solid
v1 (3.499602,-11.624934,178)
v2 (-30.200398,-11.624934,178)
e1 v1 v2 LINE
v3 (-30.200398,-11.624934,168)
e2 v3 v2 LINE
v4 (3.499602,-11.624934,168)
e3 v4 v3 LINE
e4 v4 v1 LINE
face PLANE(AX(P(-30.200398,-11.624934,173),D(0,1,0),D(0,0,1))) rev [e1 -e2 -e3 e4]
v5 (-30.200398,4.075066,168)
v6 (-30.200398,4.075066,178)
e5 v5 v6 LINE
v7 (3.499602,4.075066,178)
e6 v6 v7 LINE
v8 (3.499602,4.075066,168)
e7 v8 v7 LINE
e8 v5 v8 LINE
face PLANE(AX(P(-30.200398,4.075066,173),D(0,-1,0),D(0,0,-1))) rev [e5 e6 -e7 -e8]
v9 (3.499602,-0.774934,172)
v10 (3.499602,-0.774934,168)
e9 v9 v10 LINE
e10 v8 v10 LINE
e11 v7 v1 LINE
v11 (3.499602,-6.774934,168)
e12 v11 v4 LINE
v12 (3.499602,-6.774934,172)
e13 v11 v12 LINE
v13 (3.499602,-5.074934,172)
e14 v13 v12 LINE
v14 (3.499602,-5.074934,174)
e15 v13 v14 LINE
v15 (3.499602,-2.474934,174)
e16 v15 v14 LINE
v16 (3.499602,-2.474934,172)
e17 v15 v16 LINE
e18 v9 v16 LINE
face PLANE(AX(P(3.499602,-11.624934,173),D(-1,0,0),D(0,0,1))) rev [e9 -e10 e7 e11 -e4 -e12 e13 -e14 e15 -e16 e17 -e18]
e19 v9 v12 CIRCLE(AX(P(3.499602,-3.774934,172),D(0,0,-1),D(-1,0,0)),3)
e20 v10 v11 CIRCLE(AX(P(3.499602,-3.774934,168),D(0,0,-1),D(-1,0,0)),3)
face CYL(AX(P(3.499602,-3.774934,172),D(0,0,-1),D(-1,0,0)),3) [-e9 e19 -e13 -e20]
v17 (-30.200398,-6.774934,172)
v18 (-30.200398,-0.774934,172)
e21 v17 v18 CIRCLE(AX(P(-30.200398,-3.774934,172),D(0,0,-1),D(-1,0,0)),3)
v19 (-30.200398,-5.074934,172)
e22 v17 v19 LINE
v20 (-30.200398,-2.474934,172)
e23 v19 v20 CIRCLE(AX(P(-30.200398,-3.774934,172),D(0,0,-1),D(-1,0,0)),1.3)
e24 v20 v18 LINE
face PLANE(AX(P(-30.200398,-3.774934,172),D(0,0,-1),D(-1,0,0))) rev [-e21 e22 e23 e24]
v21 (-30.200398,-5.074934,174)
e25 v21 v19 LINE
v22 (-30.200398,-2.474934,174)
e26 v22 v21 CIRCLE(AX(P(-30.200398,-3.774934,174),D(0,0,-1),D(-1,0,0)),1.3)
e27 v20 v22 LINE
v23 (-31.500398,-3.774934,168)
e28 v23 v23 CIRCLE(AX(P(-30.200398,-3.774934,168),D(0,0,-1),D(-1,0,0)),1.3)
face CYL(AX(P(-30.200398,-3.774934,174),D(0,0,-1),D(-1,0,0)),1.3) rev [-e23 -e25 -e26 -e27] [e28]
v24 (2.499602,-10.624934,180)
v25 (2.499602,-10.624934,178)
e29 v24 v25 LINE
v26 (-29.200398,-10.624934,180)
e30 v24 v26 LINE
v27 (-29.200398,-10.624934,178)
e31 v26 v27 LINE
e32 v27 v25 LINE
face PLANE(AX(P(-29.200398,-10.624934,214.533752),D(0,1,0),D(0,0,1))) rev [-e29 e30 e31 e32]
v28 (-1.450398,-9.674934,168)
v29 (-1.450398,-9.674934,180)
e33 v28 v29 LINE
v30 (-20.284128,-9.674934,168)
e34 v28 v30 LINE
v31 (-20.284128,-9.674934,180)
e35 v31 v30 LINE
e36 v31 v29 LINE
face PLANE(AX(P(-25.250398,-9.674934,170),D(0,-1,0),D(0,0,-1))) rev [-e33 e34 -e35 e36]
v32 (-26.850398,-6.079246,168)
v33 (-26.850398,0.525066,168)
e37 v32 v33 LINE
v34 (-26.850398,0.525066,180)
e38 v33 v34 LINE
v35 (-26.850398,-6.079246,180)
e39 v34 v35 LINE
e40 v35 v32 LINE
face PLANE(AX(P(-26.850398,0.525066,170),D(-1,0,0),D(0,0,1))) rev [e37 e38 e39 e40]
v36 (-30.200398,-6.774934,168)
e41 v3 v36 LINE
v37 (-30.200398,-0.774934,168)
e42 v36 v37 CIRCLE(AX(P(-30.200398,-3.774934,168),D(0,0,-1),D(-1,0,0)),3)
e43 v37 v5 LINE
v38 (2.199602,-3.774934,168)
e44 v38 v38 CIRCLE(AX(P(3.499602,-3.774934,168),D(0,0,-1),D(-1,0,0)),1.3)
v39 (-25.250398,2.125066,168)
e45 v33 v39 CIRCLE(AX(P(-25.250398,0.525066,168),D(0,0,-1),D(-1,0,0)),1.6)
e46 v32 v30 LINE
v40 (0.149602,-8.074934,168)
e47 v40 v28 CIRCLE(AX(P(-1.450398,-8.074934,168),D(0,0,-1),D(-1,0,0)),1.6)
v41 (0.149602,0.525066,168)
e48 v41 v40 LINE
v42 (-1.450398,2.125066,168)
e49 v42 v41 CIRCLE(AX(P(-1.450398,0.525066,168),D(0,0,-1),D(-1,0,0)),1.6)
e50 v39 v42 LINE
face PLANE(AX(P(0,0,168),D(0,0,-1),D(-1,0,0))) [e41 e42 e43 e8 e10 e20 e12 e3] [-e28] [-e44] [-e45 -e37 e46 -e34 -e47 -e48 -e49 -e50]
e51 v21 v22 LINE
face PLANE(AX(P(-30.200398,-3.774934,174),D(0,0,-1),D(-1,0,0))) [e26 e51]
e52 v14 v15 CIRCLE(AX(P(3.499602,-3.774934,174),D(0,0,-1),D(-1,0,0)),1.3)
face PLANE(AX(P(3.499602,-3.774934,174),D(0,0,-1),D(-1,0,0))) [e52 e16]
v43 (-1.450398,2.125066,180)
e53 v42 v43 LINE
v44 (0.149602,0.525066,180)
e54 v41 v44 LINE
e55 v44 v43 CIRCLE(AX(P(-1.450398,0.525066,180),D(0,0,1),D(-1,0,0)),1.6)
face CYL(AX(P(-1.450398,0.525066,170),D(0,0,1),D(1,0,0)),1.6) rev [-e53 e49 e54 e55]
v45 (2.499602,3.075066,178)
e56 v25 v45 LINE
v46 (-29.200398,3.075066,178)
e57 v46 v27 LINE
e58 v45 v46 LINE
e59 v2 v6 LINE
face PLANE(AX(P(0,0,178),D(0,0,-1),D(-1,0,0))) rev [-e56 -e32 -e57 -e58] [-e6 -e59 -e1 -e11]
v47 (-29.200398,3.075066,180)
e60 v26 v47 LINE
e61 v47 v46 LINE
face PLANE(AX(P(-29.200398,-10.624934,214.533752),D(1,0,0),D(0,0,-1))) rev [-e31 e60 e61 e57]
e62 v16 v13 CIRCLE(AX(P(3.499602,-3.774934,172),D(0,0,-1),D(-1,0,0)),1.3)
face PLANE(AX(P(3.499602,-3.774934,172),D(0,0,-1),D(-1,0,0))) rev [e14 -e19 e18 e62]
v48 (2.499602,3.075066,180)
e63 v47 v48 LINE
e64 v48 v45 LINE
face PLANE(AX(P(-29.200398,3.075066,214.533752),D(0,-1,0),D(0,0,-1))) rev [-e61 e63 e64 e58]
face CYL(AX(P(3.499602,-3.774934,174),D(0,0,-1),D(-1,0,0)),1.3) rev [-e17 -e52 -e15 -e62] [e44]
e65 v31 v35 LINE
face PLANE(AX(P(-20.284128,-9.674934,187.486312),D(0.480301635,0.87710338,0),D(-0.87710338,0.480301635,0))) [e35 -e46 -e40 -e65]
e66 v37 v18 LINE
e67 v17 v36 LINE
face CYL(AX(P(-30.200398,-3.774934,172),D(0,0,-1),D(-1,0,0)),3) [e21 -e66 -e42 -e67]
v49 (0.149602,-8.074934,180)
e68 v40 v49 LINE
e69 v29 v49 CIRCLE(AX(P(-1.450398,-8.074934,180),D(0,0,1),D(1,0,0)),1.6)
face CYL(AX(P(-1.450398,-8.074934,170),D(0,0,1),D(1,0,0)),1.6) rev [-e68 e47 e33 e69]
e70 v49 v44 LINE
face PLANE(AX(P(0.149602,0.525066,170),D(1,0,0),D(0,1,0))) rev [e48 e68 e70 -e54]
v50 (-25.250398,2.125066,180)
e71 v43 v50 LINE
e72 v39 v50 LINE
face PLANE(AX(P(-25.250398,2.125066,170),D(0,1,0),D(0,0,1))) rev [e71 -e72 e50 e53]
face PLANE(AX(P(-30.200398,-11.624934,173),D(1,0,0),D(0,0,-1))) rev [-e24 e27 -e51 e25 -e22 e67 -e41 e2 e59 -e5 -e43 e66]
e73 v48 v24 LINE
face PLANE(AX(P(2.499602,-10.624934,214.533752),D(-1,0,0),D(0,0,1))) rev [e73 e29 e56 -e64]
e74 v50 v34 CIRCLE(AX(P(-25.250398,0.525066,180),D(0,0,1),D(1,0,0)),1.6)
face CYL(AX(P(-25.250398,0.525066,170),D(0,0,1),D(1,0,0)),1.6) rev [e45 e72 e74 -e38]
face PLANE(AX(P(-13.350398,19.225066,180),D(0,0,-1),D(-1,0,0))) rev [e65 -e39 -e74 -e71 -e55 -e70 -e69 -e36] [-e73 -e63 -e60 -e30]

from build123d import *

# Parameters (mm, degrees)
CROQUIS1_W              = 33.7
CROQUIS1_H              = 15.7
SALIENTE_EXTRUIR1_DEPTH = 5
CROQUIS2_W              = 31.7
CROQUIS2_H              = 13.7
SALIENTE_EXTRUIR2_DEPTH = 2
CORTAR_EXTRUIR1_DEPTH   = 10
CROQUIS4_W              = 33.7
CROQUIS4_H              = 15.7
SALIENTE_EXTRUIR3_DEPTH = 5
CROQUIS6_R              = 3
SALIENTE_EXTRUIR5_DEPTH = 4
SALIENTE_EXTRUIR6_DEPTH = 12
CROQUIS8_R              = 1.3
CORTAR_EXTRUIR2_DEPTH   = 6


with BuildPart() as part:
    # Croquis1 → Saliente-Extruir1 (new body)
    with BuildSketch(Plane(origin=(0, 0, 178), x_dir=(-1, 0, 0), z_dir=(0, 0, -1))):
        with Locations((13.350397628, -3.774933729)):
            Rectangle(CROQUIS1_W, CROQUIS1_H)
    extrude(amount=SALIENTE_EXTRUIR1_DEPTH)

    # Croquis2 → Saliente-Extruir2 (add)
    with BuildSketch(Plane.XY.offset(178)):
        with Locations((-13.350397628, -3.774933729)):
            Rectangle(CROQUIS2_W, CROQUIS2_H)
    extrude(amount=SALIENTE_EXTRUIR2_DEPTH)

    # Croquis3 → Cortar-Extruir1 (cut)
    with BuildSketch(Plane.XY.offset(180)):
        with BuildLine():
            Line((-25.250397628, 2.125066271), (-1.450397628, 2.125066271))
            ThreePointArc((-1.450397628, 2.125066271), (-0.319026778, 1.656437121), (0.149602372, 0.525066271))
            Line((0.149602372, 0.525066271), (0.149602372, -8.074933729))
            ThreePointArc((0.149602372, -8.074933729), (-0.319026778, -9.206304579), (-1.450397628, -9.674933729))
            Line((-1.450397628, -9.674933729), (-25.250397628, -9.674933729))
            ThreePointArc((-25.250397628, -9.674933729), (-26.381768478, -9.206304579), (-26.850397628, -8.074933729))
            Line((-26.850397628, -8.074933729), (-26.850397628, 0.525066271))
            ThreePointArc((-26.850397628, 0.525066271), (-26.381768478, 1.656437121), (-25.250397628, 2.125066271))
        make_face()
    extrude(amount=-CORTAR_EXTRUIR1_DEPTH, mode=Mode.SUBTRACT)

    # Croquis4 → Saliente-Extruir3 (add)
    with BuildSketch(Plane(origin=(0, 0, 173), x_dir=(-1, 0, 0), z_dir=(0, 0, -1))):
        with Locations((13.350397628, -3.774933729)):
            Rectangle(CROQUIS4_W, CROQUIS4_H)
        with BuildLine():
            Line((1.450397628, -9.674933729), (25.250397628, -9.674933729))
            ThreePointArc((25.250397628, -9.674933729), (26.381768478, -9.206304579), (26.850397628, -8.074933729))
            Line((26.850397628, -8.074933729), (26.850397628, 0.525066271))
            ThreePointArc((26.850397628, 0.525066271), (26.381768478, 1.656437121), (25.250397628, 2.125066271))
            Line((25.250397628, 2.125066271), (1.450397628, 2.125066271))
            ThreePointArc((1.450397628, 2.125066271), (0.319026778, 1.656437121), (-0.149602372, 0.525066271))
            Line((-0.149602372, 0.525066271), (-0.149602372, -8.074933729))
            ThreePointArc((-0.149602372, -8.074933729), (0.319026778, -9.206304579), (1.450397628, -9.674933729))
        make_face(mode=Mode.SUBTRACT)
    extrude(amount=SALIENTE_EXTRUIR3_DEPTH)

    # Croquis6 → Saliente-Extruir5 (add)
    with BuildSketch(Plane(origin=(0, 0, 168), x_dir=(-1, 0, 0), z_dir=(0, 0, -1))):
        with Locations((-3.499602372, -3.774933729)):
            Circle(CROQUIS6_R)
        with Locations((30.200397628, -3.774933729)):
            Circle(CROQUIS6_R)
    extrude(amount=-SALIENTE_EXTRUIR5_DEPTH)

    # Croquis7 → Saliente-Extruir6 (add)
    with BuildSketch(Plane(origin=(0, 0, 168), x_dir=(-1, 0, 0), z_dir=(0, 0, -1))):
        with BuildLine():
            Line((20.284128272, -9.674933729), (26.850397628, -6.079245942))
            Line((26.850397628, -6.079245942), (26.850397628, -8.074933729))
            ThreePointArc((26.850397628, -8.074933729), (26.381768478, -9.206304579), (25.250397628, -9.674933729))
            Line((25.250397628, -9.674933729), (20.284128272, -9.674933729))
        make_face()
    extrude(amount=-SALIENTE_EXTRUIR6_DEPTH)

    # Croquis8 → Cortar-Extruir2 (cut)
    with BuildSketch(Plane(origin=(0, 0, 168), x_dir=(-1, 0, 0), z_dir=(0, 0, -1))):
        with Locations((-3.499602372, -3.774933729)):
            Circle(CROQUIS8_R)
        with Locations((30.200397628, -3.774933729)):
            Circle(CROQUIS8_R)
    extrude(amount=-CORTAR_EXTRUIR2_DEPTH, mode=Mode.SUBTRACT)


solid = part.part
